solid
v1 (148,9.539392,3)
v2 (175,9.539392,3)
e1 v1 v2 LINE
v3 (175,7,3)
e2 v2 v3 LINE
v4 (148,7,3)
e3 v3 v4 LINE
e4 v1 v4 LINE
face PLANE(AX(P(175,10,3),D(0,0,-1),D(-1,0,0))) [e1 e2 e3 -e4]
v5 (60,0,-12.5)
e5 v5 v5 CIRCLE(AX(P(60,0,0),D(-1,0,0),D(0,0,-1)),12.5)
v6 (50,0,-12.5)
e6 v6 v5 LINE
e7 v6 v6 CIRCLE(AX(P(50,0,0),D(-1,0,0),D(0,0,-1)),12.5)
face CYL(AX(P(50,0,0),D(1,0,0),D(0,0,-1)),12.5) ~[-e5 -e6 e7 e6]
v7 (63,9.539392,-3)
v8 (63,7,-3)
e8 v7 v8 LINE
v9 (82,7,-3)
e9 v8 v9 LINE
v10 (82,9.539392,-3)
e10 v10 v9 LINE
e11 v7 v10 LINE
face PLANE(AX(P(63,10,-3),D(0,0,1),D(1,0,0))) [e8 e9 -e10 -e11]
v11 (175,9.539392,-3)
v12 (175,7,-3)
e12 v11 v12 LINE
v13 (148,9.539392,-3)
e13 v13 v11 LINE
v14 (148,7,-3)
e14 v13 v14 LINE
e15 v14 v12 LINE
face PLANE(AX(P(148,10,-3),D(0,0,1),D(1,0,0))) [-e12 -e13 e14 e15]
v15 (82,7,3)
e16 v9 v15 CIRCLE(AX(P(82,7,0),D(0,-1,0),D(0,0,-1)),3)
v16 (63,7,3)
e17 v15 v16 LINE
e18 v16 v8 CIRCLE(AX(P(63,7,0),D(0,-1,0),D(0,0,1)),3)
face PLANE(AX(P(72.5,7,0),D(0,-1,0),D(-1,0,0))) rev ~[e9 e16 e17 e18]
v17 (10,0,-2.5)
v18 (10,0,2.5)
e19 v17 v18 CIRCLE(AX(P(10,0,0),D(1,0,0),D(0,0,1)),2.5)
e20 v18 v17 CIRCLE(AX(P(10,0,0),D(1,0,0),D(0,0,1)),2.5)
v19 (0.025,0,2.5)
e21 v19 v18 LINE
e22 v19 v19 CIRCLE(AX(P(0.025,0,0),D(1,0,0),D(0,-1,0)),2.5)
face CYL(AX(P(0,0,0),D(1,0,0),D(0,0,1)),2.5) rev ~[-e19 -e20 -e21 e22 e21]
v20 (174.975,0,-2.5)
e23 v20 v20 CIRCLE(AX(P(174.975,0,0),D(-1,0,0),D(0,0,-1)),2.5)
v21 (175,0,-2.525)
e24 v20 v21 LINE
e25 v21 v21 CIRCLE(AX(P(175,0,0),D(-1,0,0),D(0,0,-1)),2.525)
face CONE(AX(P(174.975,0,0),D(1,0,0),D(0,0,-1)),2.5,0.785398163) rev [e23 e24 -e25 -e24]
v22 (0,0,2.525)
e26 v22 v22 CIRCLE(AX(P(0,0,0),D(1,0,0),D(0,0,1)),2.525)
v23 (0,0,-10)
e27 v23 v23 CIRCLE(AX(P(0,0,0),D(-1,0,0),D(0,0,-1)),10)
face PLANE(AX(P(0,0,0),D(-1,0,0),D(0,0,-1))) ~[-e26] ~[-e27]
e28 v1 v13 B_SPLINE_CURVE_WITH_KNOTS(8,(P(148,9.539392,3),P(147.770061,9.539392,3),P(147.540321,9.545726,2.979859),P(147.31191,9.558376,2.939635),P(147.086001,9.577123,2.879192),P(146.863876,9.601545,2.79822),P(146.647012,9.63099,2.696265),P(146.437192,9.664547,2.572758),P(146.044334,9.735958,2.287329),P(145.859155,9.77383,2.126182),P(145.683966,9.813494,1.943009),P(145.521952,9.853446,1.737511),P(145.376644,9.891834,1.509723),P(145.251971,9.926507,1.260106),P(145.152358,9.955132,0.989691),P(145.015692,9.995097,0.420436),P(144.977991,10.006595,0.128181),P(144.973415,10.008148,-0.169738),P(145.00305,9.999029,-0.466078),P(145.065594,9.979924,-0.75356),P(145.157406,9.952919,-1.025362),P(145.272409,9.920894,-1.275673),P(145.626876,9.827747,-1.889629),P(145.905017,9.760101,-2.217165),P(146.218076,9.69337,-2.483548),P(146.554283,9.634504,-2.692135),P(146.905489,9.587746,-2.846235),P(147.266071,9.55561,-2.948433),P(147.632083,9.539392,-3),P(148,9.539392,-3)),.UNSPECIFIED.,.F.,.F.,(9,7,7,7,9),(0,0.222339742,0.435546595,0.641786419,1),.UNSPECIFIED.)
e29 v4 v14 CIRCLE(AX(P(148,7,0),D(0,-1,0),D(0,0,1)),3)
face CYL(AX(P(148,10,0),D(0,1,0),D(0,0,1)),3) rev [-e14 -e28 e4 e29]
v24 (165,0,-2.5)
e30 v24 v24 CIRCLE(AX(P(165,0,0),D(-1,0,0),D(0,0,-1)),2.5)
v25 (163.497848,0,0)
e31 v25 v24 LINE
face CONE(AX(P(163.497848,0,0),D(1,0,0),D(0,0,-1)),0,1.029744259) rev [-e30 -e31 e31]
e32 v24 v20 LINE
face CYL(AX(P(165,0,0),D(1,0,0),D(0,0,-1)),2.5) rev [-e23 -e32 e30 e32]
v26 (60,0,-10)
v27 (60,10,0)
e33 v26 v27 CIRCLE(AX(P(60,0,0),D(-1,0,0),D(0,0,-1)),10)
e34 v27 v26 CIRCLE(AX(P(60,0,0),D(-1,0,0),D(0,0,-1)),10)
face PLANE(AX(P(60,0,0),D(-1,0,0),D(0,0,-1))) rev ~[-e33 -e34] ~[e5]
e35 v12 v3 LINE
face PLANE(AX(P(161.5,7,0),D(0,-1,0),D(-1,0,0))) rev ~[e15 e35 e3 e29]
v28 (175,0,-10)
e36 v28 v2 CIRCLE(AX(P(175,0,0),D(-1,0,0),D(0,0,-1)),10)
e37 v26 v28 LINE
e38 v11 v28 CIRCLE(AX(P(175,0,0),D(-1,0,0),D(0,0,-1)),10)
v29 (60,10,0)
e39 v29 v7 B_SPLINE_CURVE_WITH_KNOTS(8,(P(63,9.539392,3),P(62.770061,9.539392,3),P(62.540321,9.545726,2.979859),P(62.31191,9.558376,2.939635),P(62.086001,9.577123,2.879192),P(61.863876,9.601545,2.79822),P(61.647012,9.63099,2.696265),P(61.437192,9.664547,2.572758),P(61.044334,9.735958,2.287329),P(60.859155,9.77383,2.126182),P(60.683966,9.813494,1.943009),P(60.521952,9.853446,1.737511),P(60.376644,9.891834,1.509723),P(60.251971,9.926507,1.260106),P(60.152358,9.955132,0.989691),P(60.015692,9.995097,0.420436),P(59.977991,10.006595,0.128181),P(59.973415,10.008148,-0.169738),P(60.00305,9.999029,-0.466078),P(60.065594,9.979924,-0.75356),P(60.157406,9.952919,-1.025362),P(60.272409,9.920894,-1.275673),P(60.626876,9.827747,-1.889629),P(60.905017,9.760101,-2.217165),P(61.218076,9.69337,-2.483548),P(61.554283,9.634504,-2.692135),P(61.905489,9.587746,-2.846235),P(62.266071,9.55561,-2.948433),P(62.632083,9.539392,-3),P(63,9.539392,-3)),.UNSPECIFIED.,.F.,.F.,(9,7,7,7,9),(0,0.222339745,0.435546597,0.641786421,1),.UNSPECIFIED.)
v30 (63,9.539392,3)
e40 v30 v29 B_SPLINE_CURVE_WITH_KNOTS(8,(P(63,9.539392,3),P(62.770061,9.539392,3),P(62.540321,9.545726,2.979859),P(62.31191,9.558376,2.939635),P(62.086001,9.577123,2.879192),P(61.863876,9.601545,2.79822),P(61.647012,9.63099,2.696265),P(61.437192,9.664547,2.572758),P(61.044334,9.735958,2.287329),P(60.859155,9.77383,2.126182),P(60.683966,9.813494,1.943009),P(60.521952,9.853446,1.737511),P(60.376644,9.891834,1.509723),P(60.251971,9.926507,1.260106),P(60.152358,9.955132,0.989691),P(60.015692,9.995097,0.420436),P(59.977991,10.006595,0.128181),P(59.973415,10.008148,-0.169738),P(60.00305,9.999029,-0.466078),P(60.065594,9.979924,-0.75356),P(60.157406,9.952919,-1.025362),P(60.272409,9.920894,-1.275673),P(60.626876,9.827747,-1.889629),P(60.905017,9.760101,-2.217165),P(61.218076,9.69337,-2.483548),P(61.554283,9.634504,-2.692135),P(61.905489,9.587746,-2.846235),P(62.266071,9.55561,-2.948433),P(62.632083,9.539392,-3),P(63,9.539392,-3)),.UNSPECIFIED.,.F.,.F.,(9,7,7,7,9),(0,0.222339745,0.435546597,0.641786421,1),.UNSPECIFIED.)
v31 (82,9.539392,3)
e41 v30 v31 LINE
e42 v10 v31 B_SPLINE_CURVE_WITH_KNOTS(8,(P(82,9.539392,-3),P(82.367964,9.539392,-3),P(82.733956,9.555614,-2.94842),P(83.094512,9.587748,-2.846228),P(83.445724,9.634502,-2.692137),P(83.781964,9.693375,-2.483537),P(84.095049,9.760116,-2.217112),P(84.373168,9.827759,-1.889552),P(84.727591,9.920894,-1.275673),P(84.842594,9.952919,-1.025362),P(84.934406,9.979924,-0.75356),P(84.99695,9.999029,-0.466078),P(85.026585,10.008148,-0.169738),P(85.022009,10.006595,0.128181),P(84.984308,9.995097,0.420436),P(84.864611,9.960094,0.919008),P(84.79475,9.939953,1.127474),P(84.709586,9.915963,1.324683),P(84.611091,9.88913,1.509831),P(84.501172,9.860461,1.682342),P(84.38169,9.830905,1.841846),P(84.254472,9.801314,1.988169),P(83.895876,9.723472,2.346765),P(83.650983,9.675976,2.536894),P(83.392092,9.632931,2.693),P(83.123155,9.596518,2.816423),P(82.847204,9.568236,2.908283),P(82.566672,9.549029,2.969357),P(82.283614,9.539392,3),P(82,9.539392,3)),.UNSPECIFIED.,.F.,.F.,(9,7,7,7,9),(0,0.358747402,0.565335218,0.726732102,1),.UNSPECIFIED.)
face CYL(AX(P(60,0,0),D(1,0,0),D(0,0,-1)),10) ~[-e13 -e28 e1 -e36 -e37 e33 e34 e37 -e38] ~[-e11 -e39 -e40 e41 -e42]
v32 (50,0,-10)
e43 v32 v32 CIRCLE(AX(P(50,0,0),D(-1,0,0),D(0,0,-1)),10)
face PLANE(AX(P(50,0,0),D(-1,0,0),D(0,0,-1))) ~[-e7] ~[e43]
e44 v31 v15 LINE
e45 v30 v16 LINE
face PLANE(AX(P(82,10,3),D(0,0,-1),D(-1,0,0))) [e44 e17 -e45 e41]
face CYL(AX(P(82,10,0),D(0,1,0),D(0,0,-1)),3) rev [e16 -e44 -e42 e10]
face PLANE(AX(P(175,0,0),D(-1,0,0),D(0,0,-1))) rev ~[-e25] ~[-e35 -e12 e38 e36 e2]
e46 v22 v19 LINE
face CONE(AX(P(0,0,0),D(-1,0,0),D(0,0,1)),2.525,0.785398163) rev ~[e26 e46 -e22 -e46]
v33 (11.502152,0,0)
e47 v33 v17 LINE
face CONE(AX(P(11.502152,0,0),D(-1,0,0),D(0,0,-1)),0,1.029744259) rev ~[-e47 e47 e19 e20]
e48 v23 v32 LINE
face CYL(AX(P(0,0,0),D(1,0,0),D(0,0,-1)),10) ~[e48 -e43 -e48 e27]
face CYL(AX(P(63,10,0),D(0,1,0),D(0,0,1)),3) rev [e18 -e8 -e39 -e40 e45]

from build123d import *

# Parameters (mm, degrees)
F_5_0MM_DOWEL_HOLE1_D           = 5
F_5_0MM_DOWEL_HOLE1_DEPTH       = 10
F_5_0MM_DOWEL_HOLE1_CSINK_D     = 5.05
F_5_0MM_DOWEL_HOLE1_CSINK_ANGLE = 90
F_5_0MM_DOWEL_HOLE1_TIP         = 1.502151548
CUT_EXTRUDE1_DEPTH              = 3


with BuildPart() as part:
    # Sketch1 → Revolve1 (revolve)
    with BuildSketch(Plane(origin=(0, 0, 0), x_dir=(1, 0, 0), z_dir=(0, 1, 0))):
        Polygon((0, 0), (0, 10), (50, 10), (50, 12.5), (60, 12.5), (60, 10), (175, 10), (175, 0), align=None)
    revolve(axis=Axis((175, 0, 0), (-1, 0, 0)))

    # Ø5.0mm Dowel Hole1
    with Locations(Plane(origin=(0, 0, 0), x_dir=(0, 0, -1), z_dir=(-1, 0, 0))):
        with Locations((0, 0)):
            CounterSinkHole(F_5_0MM_DOWEL_HOLE1_D / 2, F_5_0MM_DOWEL_HOLE1_CSINK_D / 2, depth=F_5_0MM_DOWEL_HOLE1_DEPTH, counter_sink_angle=F_5_0MM_DOWEL_HOLE1_CSINK_ANGLE)
            with Locations((0, 0, -(F_5_0MM_DOWEL_HOLE1_DEPTH + F_5_0MM_DOWEL_HOLE1_TIP / 2))):  # 118° drill point
                Cone(0, F_5_0MM_DOWEL_HOLE1_D / 2, F_5_0MM_DOWEL_HOLE1_TIP, mode=Mode.SUBTRACT)

    # Sketch9 → Ø5.0mm Dowel Hole2 (revolve, cut)
    with BuildSketch(Plane(origin=(175, 0, 0), x_dir=(0, 0, -1), z_dir=(0, 1, 0))):
        Polygon((0, 0), (0, 11.502151548), (2.5, 10), (2.5, 0.025), (2.525, 0), align=None)
    revolve(axis=Axis((181.35, 0, 0), (-1, 0, 0)), mode=Mode.SUBTRACT)

    # Sketch10 → Cut-Extrude1 (cut)
    with BuildSketch(Plane(origin=(0, 10, 0), x_dir=(1, 0, 0), z_dir=(0, 1, 0))):
        with BuildLine():
            Line((63, 3), (82, 3))
            ThreePointArc((82, 3), (85, 0), (82, -3))
            Line((82, -3), (63, -3))
            ThreePointArc((63, -3), (60, 0), (63, 3))
        make_face()
        with BuildLine():
            Line((175, -3), (148, -3))
            ThreePointArc((148, -3), (145, 0), (148, 3))
            Line((148, 3), (175, 3))
            ThreePointArc((175, 3), (178, 0), (175, -3))
        make_face()
    extrude(amount=-CUT_EXTRUDE1_DEPTH, mode=Mode.SUBTRACT)


solid = part.part
